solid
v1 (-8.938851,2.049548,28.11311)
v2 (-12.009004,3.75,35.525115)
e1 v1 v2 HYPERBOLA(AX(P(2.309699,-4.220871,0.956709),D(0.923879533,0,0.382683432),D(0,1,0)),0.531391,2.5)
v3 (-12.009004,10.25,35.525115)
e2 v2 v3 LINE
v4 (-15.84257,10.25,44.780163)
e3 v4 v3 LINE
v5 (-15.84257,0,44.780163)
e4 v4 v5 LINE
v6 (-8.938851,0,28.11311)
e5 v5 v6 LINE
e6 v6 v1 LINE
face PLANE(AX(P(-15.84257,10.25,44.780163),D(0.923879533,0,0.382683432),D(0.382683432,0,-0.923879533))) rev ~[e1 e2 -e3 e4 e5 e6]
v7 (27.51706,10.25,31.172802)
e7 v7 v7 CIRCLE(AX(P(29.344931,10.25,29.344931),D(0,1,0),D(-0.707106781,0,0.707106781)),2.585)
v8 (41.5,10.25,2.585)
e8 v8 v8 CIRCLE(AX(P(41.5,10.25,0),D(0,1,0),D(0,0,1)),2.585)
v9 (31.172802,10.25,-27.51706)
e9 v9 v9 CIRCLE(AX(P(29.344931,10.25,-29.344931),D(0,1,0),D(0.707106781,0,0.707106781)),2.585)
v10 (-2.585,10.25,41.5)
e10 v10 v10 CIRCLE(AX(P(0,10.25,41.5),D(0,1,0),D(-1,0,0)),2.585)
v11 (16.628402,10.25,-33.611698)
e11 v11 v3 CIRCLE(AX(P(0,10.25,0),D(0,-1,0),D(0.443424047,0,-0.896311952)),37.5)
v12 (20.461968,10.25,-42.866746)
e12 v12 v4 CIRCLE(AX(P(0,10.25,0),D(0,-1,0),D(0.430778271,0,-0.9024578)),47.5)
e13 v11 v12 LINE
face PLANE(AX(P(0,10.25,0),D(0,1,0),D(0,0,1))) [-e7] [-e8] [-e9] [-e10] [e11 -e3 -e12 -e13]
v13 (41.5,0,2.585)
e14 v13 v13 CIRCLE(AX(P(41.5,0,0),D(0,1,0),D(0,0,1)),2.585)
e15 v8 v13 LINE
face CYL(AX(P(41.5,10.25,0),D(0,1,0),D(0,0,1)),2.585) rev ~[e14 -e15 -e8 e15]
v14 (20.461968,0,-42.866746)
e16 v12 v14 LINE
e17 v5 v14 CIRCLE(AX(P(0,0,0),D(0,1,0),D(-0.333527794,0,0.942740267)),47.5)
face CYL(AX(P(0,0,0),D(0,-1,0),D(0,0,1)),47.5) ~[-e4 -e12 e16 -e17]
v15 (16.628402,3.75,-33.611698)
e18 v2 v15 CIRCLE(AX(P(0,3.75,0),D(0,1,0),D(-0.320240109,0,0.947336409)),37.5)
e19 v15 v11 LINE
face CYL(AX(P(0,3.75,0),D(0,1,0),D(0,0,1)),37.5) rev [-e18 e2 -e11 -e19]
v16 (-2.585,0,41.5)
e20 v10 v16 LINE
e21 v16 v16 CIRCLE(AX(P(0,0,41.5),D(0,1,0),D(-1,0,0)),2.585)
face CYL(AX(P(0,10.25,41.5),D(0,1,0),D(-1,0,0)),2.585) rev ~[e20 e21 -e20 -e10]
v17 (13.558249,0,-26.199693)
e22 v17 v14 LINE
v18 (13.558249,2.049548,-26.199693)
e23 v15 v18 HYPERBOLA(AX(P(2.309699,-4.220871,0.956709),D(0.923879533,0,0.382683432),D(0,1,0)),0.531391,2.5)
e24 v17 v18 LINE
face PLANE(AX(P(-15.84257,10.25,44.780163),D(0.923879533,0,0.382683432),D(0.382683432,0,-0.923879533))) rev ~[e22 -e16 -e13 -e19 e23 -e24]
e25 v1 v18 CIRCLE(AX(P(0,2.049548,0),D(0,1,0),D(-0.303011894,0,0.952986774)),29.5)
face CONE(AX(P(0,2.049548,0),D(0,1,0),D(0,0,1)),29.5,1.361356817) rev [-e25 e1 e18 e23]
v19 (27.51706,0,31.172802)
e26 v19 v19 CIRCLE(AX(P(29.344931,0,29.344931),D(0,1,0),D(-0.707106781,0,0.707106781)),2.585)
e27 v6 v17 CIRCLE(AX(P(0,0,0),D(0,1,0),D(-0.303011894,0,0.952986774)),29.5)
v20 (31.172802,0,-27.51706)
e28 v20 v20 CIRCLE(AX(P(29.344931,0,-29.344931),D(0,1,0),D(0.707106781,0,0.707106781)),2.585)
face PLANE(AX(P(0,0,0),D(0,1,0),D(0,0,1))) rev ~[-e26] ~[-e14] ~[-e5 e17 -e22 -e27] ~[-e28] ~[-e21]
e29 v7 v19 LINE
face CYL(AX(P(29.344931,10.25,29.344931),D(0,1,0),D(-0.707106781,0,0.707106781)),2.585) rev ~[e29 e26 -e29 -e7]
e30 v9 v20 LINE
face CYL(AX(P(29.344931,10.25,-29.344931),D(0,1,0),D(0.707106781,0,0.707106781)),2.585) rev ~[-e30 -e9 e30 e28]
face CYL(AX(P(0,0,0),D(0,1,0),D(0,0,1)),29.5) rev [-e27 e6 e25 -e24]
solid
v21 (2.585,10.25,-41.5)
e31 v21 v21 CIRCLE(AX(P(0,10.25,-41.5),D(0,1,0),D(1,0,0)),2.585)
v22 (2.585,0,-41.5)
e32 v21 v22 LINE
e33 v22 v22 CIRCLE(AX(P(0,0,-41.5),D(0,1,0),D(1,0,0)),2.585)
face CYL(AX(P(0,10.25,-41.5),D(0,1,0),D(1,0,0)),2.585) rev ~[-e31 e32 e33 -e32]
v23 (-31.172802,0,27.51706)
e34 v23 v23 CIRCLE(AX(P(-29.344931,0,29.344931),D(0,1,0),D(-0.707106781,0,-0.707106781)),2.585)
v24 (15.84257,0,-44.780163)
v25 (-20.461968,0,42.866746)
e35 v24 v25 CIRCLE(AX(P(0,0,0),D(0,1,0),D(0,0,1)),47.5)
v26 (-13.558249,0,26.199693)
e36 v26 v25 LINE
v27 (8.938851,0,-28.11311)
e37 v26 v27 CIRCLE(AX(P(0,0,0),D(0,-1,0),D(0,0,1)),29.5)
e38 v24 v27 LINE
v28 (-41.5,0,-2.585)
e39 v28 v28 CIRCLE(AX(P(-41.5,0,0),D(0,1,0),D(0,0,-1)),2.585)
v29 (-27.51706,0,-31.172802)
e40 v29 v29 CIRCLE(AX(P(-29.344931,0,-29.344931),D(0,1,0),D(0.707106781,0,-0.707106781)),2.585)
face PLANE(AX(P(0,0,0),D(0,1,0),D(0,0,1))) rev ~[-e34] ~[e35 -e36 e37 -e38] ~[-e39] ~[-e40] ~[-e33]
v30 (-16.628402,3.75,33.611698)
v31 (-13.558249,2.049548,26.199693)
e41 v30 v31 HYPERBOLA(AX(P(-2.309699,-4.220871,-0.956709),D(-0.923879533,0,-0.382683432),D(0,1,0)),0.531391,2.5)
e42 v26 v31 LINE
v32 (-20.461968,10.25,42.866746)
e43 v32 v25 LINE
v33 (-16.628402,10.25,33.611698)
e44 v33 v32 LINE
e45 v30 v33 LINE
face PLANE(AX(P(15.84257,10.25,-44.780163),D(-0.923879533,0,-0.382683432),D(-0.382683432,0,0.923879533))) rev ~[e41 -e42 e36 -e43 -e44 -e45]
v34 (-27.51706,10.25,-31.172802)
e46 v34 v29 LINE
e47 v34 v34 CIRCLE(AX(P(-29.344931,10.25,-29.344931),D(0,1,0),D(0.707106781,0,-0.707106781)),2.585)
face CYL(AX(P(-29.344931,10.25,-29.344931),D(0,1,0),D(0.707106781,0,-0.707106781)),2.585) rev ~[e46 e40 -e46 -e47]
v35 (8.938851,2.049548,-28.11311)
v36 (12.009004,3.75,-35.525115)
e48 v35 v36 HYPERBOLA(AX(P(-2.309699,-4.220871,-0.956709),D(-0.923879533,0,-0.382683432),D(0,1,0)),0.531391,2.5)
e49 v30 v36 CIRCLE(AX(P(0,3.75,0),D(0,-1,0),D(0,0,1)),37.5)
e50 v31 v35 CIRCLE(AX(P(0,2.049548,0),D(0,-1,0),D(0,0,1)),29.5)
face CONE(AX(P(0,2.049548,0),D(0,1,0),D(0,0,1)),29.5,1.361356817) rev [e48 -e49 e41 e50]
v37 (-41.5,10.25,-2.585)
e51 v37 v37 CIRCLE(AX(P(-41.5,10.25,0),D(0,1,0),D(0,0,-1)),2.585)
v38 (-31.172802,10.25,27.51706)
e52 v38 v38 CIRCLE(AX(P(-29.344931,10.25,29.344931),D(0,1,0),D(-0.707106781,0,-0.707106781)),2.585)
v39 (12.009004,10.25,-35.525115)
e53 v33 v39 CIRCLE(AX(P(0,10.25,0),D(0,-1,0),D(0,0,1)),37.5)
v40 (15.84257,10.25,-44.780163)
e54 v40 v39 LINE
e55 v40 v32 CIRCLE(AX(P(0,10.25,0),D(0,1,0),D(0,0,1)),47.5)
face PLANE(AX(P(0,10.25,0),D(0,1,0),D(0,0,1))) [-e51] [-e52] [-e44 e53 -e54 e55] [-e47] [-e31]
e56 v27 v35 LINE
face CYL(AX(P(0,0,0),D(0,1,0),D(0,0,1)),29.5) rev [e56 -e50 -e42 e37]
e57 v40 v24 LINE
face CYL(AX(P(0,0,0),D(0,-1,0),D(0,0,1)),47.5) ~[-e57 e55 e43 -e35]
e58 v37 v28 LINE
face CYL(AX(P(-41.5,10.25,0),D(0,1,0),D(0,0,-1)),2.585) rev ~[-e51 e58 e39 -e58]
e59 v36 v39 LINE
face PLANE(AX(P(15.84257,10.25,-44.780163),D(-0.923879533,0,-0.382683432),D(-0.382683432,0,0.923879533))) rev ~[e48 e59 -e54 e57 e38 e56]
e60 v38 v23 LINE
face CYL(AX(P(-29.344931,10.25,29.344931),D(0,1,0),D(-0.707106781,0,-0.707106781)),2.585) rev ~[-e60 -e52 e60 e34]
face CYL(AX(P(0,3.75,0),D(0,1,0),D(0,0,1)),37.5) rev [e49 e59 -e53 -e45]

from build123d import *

# Parameters (mm, degrees)
SKETCH1_R           = 47.5
BOSS_EXTRUDE1_DEPTH = 10.25
SKETCH3_R           = 2.585
CUT_EXTRUDE1_DEPTH  = 68.952648955
CIRPATTERN1_COUNT   = 8
CUT_EXTRUDE2_DEPTH  = 68.952648955


with BuildPart() as part:
    # Sketch1 → Boss-Extrude1 (new body)
    with BuildSketch(Plane(origin=(0, 0, 0), x_dir=(1, 0, 0), z_dir=(0, 1, 0))):
        with Locations(Location((0, 0, 0), (0, 0, 270))):
            Circle(SKETCH1_R)
    extrude(amount=BOSS_EXTRUDE1_DEPTH)

    # Sketch2 → Cut-Revolve1 (revolve, cut)
    with BuildSketch(Plane.XY, mode=Mode.PRIVATE) as cut_revolve1_sk:
        Polygon((29.5, 0), (29.5, 2.049547507), (37.5, 3.75), (37.5, 10.25), (0, 10.25), (0, 0), align=None)
    revolve(cut_revolve1_sk.sketch.rotate(Axis((0, 0, 0), (0, -1, 0)), 90), axis=Axis((0, 0, 0), (0, -1, 0)), mode=Mode.SUBTRACT)

    # Sketch3 → Cut-Extrude1 (cut, through all)
    with BuildSketch(Plane(origin=(0, 10.25, 0), x_dir=(1, 0, 0), z_dir=(0, 1, 0))):
        with Locations(Location((41.5, 0, 0), (0, 0, 270))):
            Circle(SKETCH3_R)
    cut_extrude1 = extrude(amount=-CUT_EXTRUDE1_DEPTH, mode=Mode.SUBTRACT)

    # CirPattern1: Cut-Extrude1 ×8 about axis
    cirpattern1_axis = Axis((0, 0, 0), (0, 1, 0))
    for i in range(1, CIRPATTERN1_COUNT):
        add(cut_extrude1.rotate(cirpattern1_axis, i * 360 / CIRPATTERN1_COUNT), mode=Mode.SUBTRACT)

    # Sketch4 → Cut-Extrude2 (cut, through all)
    with BuildSketch(Plane(origin=(0, 10.25, 0), x_dir=(1, 0, 0), z_dir=(0, 1, 0))):
        with BuildLine():
            Line((15.842570205, 44.780162676), (-20.461967868, -42.866745514))
            ThreePointArc((-20.461967868, -42.866745514), (-18.177463037, -43.884277794), (-15.842570205, -44.780162676))
            Line((-15.842570205, -44.780162676), (20.461967868, 42.866745514))
            ThreePointArc((20.461967868, 42.866745514), (18.177463037, 43.884277794), (15.842570205, 44.780162676))
        make_face()
    extrude(amount=-CUT_EXTRUDE2_DEPTH, mode=Mode.SUBTRACT)


with BuildPart() as cut_extrude2_piece_1:
    # of the separate pieces the step leaves, piece 1, a body of its own (cut_extrude2_pieces)
    add(part.part.solids().sort_by_distance((-15.842570205, 0, 44.780162676))[0])


with BuildPart() as cut_extrude2_piece_2:
    # of the separate pieces the step leaves, piece 2, a body of its own (cut_extrude2_pieces)
    add(part.part.solids().sort_by_distance((15.842570205, 0, -44.780162676))[0])


solid = Compound([cut_extrude2_piece_1.part, cut_extrude2_piece_2.part])
